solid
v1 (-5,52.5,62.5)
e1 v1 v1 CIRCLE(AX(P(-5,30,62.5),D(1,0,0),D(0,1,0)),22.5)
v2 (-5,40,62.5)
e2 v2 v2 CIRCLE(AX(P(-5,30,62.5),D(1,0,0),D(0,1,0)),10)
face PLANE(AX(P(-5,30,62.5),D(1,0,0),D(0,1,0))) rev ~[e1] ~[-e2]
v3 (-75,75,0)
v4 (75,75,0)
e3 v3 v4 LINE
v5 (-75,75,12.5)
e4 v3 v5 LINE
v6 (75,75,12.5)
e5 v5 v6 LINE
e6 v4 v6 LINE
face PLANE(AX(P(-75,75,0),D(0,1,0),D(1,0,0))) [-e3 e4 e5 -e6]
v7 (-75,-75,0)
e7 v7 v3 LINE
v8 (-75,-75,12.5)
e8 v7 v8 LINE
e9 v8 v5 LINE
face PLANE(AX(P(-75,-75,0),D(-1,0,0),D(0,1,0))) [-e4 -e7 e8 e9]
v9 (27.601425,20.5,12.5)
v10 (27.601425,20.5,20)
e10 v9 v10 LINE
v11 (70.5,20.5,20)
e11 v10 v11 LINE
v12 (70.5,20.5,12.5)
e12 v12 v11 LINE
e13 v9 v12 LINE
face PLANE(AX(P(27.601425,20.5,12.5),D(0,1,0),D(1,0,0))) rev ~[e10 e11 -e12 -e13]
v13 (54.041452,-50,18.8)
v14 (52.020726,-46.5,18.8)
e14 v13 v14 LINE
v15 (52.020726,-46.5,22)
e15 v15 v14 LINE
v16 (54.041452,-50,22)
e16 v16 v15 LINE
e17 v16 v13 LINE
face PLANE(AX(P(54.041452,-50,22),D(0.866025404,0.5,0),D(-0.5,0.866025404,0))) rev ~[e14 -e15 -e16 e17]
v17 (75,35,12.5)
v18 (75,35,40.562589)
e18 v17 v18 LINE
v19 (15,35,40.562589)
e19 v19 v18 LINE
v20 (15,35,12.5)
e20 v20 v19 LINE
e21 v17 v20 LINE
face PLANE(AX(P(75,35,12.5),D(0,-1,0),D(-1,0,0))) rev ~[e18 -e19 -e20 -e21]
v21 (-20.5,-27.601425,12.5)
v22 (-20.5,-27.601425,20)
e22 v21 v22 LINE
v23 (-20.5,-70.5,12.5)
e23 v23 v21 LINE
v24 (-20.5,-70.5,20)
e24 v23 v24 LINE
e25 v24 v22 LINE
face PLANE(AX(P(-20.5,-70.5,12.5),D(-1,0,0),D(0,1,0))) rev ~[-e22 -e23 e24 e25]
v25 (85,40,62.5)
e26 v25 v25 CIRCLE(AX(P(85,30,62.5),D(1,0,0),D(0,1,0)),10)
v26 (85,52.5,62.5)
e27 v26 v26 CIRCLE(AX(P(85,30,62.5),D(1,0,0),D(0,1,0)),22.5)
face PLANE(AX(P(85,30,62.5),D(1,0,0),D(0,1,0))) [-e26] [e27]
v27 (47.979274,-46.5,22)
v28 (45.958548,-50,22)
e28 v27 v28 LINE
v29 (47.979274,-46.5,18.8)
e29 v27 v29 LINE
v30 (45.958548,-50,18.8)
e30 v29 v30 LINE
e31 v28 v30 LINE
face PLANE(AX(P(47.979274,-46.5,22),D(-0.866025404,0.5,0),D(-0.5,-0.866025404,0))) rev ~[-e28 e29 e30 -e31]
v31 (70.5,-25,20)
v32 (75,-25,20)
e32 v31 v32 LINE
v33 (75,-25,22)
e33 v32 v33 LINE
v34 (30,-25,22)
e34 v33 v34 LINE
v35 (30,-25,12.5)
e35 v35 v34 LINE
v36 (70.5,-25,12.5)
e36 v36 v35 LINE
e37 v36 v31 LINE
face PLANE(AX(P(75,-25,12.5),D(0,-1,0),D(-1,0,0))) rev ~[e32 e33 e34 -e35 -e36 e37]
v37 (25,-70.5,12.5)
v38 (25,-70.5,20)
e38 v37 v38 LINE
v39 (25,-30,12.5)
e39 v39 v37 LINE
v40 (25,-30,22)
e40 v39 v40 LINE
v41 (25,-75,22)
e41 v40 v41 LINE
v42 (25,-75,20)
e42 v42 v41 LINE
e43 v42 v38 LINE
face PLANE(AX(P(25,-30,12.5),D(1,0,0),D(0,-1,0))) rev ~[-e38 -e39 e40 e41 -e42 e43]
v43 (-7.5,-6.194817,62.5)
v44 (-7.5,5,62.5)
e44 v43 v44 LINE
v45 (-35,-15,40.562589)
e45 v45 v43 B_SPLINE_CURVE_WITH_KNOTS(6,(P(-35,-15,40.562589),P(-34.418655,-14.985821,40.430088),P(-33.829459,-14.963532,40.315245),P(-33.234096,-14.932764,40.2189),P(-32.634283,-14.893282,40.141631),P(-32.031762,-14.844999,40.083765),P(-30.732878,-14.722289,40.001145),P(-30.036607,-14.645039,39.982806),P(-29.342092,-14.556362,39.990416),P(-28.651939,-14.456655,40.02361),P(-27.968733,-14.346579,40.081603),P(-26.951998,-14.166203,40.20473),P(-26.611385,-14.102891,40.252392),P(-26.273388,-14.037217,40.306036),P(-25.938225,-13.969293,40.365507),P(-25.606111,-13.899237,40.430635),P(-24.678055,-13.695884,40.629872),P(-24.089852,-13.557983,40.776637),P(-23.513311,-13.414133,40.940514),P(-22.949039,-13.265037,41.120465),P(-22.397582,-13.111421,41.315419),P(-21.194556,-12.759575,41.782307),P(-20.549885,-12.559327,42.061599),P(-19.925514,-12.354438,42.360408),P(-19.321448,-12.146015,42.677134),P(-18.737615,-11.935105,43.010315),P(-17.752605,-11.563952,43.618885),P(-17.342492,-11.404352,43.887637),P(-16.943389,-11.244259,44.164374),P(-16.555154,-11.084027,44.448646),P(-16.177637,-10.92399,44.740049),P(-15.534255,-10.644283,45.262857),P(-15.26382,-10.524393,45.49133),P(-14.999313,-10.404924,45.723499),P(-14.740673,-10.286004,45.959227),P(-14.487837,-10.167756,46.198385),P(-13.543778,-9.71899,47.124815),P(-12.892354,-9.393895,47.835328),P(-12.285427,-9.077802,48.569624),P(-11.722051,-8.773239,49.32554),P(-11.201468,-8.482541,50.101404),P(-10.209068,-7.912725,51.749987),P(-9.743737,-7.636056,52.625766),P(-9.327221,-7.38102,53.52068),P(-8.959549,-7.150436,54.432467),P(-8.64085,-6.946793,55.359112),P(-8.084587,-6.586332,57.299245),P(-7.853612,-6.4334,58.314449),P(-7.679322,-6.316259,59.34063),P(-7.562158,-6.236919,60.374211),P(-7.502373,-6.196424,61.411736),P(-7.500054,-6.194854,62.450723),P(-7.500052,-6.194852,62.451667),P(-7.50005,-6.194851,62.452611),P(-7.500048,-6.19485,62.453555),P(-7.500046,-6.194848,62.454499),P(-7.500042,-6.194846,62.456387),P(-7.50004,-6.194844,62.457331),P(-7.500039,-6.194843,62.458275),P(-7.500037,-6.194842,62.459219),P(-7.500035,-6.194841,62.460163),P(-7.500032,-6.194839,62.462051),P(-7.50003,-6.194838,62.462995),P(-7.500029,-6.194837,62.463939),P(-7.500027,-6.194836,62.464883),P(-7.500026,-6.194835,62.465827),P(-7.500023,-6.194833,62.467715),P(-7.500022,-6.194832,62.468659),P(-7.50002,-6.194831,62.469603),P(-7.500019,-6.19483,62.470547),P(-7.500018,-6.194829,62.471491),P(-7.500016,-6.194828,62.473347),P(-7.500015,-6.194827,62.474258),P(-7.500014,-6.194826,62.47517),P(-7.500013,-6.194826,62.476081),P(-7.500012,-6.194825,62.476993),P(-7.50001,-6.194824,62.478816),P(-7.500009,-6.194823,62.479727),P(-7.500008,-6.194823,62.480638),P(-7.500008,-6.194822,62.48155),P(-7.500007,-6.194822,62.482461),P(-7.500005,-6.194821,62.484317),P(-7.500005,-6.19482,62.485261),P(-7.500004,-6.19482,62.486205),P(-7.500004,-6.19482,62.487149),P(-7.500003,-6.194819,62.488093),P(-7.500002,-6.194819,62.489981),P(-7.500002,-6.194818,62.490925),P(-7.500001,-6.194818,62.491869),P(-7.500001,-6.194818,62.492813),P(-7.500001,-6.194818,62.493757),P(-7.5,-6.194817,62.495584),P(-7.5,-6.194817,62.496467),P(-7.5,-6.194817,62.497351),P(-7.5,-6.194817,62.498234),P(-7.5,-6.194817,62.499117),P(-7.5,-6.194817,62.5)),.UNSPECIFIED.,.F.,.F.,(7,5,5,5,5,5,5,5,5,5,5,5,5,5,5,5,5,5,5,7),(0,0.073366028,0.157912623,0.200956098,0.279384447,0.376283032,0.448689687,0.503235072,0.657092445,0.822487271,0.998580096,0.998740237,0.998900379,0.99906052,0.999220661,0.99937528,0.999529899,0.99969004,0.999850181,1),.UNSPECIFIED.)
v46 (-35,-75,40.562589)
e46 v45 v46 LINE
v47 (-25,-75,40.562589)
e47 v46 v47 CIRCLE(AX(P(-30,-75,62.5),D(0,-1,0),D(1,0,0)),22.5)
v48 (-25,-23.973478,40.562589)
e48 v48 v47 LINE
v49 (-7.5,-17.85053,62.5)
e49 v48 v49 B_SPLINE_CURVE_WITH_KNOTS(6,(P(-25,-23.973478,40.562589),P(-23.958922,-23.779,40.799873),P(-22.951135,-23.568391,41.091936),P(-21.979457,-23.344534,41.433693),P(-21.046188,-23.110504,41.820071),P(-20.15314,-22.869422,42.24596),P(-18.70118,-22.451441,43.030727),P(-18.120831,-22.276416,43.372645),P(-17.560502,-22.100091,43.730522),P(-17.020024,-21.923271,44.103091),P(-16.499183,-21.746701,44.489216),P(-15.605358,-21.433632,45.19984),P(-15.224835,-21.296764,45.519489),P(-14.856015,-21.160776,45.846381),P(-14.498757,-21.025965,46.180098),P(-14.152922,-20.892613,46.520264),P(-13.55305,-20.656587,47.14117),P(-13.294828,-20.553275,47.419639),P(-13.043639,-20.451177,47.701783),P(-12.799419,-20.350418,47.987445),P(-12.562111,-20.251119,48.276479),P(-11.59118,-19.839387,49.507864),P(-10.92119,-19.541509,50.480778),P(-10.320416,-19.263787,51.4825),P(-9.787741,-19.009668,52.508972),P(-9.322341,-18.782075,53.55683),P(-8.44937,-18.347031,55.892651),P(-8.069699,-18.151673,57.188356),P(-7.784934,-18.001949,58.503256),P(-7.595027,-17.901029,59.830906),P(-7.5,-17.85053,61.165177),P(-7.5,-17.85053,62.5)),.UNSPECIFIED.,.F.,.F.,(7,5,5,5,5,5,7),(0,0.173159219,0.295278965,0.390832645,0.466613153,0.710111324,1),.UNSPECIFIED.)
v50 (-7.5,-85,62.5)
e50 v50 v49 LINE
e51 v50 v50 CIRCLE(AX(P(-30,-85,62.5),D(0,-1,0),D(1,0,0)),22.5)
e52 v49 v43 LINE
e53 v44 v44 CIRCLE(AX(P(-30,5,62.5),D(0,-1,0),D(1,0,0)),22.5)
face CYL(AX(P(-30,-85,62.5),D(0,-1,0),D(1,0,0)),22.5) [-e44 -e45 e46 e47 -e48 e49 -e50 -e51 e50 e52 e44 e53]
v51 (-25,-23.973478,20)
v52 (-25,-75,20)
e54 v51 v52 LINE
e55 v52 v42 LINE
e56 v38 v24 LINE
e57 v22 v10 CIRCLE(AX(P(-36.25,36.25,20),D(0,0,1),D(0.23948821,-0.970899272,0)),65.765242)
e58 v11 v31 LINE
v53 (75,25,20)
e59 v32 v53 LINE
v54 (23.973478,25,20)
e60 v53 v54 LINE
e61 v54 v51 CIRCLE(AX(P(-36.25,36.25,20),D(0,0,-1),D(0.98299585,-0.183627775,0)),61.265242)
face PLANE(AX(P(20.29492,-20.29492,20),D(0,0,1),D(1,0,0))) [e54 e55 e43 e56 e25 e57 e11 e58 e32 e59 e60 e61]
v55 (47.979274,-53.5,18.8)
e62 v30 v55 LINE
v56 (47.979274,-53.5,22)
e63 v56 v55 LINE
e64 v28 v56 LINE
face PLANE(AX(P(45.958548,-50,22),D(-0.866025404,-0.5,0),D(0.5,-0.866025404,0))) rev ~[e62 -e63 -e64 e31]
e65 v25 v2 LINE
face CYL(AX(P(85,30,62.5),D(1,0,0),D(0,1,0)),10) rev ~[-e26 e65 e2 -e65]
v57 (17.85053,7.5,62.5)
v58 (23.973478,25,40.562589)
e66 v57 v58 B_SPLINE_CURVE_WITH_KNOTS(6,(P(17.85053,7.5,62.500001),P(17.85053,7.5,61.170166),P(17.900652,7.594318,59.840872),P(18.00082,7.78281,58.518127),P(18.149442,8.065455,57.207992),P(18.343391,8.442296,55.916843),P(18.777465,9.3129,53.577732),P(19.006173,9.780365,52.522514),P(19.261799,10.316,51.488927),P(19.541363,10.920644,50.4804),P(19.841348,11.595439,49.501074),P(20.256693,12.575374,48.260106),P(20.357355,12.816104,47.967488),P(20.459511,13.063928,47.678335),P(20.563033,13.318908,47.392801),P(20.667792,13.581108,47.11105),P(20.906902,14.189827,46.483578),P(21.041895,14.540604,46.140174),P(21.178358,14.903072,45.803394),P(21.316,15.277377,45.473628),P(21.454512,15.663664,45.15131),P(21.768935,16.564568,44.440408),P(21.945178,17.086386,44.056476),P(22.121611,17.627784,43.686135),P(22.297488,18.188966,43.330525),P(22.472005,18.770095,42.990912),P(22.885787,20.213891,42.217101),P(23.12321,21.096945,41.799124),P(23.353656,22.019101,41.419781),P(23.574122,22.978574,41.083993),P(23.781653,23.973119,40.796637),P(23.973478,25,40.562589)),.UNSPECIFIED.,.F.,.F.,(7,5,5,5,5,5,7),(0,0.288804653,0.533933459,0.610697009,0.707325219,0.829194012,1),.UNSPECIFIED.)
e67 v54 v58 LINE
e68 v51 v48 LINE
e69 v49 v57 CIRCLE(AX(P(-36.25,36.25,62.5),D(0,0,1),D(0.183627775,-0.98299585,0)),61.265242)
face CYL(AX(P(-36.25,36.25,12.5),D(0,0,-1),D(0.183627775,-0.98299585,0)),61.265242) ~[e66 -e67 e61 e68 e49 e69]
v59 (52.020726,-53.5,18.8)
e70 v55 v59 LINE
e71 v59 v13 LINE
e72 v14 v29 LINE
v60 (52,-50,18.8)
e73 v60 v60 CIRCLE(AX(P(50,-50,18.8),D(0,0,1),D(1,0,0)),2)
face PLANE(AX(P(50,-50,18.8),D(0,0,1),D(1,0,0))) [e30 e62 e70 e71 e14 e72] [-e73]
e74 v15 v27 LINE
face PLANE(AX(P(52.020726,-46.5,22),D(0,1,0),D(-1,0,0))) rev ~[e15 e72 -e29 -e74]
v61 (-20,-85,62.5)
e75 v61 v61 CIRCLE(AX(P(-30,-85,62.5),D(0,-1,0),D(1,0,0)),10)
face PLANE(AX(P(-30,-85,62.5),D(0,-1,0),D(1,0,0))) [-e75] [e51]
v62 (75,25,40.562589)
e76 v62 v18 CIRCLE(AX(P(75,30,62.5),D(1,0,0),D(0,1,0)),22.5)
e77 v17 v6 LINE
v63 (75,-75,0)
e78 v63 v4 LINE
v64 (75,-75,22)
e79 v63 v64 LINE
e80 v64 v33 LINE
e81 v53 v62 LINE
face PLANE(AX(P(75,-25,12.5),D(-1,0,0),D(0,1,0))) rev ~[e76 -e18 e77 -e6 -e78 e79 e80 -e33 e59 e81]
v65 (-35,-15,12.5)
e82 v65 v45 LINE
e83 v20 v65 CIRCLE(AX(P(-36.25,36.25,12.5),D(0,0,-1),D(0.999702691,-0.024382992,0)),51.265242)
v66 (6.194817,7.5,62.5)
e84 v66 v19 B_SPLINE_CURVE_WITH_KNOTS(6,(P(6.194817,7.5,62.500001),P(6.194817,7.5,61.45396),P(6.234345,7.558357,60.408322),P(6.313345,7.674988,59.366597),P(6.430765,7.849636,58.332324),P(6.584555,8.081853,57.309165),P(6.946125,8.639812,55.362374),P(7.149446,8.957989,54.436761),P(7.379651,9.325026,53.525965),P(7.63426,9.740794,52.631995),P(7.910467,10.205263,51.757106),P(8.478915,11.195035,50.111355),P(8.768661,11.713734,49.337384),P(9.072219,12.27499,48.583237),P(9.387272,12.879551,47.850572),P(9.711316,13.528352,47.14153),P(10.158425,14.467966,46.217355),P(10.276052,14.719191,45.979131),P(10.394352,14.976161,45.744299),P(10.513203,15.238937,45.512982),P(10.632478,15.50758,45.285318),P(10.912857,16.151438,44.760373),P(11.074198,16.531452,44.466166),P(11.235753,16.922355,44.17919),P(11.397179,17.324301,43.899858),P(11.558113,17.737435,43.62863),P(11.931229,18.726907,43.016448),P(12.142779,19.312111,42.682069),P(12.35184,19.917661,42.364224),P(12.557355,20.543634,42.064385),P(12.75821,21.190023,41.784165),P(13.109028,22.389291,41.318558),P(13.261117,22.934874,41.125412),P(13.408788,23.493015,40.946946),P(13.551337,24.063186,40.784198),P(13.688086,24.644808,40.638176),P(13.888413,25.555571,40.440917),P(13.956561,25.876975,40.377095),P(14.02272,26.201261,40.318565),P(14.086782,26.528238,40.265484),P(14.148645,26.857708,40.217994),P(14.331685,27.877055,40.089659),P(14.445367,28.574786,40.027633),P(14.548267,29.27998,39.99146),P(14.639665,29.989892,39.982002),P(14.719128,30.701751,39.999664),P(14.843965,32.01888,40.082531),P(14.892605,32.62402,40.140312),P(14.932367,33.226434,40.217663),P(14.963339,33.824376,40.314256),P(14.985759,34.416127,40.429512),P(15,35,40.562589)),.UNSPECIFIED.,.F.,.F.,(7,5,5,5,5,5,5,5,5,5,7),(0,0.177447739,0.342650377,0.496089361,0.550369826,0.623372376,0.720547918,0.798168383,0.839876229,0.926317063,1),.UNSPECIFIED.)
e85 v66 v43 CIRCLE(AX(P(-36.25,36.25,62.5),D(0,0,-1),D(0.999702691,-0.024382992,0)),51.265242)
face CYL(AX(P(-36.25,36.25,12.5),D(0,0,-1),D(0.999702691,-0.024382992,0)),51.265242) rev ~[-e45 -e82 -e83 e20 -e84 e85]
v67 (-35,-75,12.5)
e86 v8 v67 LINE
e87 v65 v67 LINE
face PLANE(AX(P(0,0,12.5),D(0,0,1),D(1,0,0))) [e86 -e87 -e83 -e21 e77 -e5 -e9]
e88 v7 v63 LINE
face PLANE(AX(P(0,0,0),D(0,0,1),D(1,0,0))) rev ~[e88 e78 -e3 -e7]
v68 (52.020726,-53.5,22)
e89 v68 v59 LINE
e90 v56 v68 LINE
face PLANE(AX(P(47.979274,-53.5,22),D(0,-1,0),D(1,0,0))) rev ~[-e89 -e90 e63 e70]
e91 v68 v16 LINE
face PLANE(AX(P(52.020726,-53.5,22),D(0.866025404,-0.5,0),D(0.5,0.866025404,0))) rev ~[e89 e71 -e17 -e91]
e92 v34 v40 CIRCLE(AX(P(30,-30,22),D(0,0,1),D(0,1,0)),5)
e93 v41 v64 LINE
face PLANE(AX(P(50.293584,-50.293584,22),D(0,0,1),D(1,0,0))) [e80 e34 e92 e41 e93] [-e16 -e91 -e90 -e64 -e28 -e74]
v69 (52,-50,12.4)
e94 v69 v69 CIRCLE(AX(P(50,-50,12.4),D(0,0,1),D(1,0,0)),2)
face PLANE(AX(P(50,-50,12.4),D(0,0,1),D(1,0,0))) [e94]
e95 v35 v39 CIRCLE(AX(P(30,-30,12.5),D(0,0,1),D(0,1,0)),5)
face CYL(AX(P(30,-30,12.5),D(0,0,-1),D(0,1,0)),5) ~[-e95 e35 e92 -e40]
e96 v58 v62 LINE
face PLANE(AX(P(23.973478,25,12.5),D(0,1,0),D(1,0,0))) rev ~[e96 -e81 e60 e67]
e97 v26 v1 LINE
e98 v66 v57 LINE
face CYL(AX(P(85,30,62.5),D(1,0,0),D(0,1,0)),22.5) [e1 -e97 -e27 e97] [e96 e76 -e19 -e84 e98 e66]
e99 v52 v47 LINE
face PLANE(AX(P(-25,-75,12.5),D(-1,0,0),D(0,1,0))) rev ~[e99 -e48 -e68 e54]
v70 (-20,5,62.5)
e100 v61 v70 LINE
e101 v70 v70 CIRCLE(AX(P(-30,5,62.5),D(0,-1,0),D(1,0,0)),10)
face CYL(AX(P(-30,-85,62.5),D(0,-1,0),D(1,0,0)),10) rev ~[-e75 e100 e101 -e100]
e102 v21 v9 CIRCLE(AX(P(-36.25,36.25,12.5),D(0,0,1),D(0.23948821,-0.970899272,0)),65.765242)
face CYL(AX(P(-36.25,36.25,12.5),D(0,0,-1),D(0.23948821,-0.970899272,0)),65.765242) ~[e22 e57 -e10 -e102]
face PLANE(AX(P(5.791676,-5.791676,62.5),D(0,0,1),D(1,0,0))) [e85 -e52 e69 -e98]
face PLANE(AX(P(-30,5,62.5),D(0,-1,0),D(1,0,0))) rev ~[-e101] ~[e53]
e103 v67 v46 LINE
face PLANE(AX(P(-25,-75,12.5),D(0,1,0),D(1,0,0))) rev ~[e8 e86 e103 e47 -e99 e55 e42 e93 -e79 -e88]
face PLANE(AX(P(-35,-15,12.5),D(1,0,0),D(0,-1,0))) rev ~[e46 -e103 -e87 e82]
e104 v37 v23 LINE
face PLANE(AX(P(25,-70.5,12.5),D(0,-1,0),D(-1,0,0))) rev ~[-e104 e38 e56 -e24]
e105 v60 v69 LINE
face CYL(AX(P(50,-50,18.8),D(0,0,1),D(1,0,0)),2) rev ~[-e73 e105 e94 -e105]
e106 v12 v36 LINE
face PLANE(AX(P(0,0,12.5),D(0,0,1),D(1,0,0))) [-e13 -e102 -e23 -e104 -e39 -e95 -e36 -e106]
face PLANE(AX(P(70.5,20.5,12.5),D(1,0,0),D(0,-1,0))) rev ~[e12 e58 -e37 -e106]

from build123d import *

# Parameters (mm, degrees)
F0_W      = 150
F0_H      = 150
F1_DEPTH  = 12.5
F3_DEPTH  = 50
F5_R      = 22.5
F6_DEPTH  = 90
F8_R      = 22.5
F9_DEPTH  = 90
F11_DEPTH = 9.5
F13_DEPTH = 7.5
F15_DEPTH = 3.2
F16_R     = 2
F17_DEPTH = 6.4
F18_R     = 10
F19_DEPTH = 160.001
F20_R     = 10
F21_DEPTH = 160.001


with BuildPart() as f1:
    # F0 (on Top) → F1 (new body)
    with BuildSketch(Plane.XY):
        Rectangle(F0_W, F0_H)
    extrude(amount=F1_DEPTH)

    # F2 (on face) → F3 (join)
    with BuildSketch(Plane.XY.offset(12.5)):
        with BuildLine():
            Line((-35, -15), (-35, -75))
            Line((-35, -75), (-25, -75))
            Line((-25, -75), (-25, -23.9734782516))
            ThreePointArc((-25, -23.9734782516), (7.0710678119, -7.0710678119), (23.9734782516, 25))
            Line((23.9734782516, 25), (75, 25))
            Line((75, 25), (75, 35))
            Line((75, 35), (15, 35))
            ThreePointArc((15, 35), (0, 0), (-35, -15))
        make_face()
    extrude(amount=F3_DEPTH)

    # F5 (on offset) → F6 (join)
    with BuildSketch(Plane.XZ.offset(85)):
        with Locations((-30, 62.5)):
            Circle(F5_R)
    extrude(amount=-F6_DEPTH)

    # F8 (on offset) → F9 (join)
    with BuildSketch(Plane.YZ.offset(85)):
        with Locations((30, 62.5)):
            Circle(F8_R)
    extrude(amount=-F9_DEPTH)

    # F10 (on face) → F11 (join)
    with BuildSketch(Plane.XY.offset(12.5)):
        with BuildLine():
            Line((25, -75), (75, -75))
            Line((75, -75), (75, -25))
            Line((75, -25), (30, -25))
            ThreePointArc((30, -25), (26.4644660941, -26.4644660941), (25, -30))
            Line((25, -30), (25, -75))
        make_face()
    extrude(amount=F11_DEPTH)

    # F12 (on face) → F13 (join)
    with BuildSketch(Plane.XY.offset(12.5)):
        with BuildLine():
            Line((27.6014252577, 20.5), (70.5, 20.5))
            Line((70.5, 20.5), (70.5, -25))
            Line((70.5, -25), (75, -25))
            Line((75, -25), (75, 25))
            Line((75, 25), (23.9734782516, 25))
            ThreePointArc((23.9734782516, 25), (7.0710678119, -7.0710678119), (-25, -23.9734782516))
            Line((-25, -23.9734782516), (-25, -75))
            Line((-25, -75), (25, -75))
            Line((25, -75), (25, -70.5))
            Line((25, -70.5), (-20.5, -70.5))
            Line((-20.5, -70.5), (-20.5, -27.6014252577))
            ThreePointArc((-20.5, -27.6014252577), (10.2530483272, -10.2530483272), (27.6014252577, 20.5))
        make_face()
    extrude(amount=F13_DEPTH)

    # F14 (on face) → F15 (cut)
    with BuildSketch(Plane.XY.offset(22)):
        Polygon((52.0207259422, -46.5), (47.9792740578, -46.5), (45.9585481157, -50), (47.9792740578, -53.5), (52.0207259422, -53.5), (54.0414518843, -50), align=None)
    extrude(amount=-F15_DEPTH, mode=Mode.SUBTRACT)

    # F16 (on face) → F17 (cut)
    with BuildSketch(Plane.XY.offset(18.8)):
        with Locations((50, -50)):
            Circle(F16_R)
    extrude(amount=-F17_DEPTH, mode=Mode.SUBTRACT)

    # F18 (on face) → F19 (cut, through all)
    with BuildSketch(Plane.XZ.offset(85)):
        with Locations((-30, 62.5)):
            Circle(F18_R)
    extrude(amount=-F19_DEPTH, mode=Mode.SUBTRACT)

    # F20 (on face) → F21 (cut, through all)
    with BuildSketch(Plane.YZ.offset(85)):
        with Locations((30, 62.5)):
            Circle(F20_R)
    extrude(amount=-F21_DEPTH, mode=Mode.SUBTRACT)


solid = f1.part
